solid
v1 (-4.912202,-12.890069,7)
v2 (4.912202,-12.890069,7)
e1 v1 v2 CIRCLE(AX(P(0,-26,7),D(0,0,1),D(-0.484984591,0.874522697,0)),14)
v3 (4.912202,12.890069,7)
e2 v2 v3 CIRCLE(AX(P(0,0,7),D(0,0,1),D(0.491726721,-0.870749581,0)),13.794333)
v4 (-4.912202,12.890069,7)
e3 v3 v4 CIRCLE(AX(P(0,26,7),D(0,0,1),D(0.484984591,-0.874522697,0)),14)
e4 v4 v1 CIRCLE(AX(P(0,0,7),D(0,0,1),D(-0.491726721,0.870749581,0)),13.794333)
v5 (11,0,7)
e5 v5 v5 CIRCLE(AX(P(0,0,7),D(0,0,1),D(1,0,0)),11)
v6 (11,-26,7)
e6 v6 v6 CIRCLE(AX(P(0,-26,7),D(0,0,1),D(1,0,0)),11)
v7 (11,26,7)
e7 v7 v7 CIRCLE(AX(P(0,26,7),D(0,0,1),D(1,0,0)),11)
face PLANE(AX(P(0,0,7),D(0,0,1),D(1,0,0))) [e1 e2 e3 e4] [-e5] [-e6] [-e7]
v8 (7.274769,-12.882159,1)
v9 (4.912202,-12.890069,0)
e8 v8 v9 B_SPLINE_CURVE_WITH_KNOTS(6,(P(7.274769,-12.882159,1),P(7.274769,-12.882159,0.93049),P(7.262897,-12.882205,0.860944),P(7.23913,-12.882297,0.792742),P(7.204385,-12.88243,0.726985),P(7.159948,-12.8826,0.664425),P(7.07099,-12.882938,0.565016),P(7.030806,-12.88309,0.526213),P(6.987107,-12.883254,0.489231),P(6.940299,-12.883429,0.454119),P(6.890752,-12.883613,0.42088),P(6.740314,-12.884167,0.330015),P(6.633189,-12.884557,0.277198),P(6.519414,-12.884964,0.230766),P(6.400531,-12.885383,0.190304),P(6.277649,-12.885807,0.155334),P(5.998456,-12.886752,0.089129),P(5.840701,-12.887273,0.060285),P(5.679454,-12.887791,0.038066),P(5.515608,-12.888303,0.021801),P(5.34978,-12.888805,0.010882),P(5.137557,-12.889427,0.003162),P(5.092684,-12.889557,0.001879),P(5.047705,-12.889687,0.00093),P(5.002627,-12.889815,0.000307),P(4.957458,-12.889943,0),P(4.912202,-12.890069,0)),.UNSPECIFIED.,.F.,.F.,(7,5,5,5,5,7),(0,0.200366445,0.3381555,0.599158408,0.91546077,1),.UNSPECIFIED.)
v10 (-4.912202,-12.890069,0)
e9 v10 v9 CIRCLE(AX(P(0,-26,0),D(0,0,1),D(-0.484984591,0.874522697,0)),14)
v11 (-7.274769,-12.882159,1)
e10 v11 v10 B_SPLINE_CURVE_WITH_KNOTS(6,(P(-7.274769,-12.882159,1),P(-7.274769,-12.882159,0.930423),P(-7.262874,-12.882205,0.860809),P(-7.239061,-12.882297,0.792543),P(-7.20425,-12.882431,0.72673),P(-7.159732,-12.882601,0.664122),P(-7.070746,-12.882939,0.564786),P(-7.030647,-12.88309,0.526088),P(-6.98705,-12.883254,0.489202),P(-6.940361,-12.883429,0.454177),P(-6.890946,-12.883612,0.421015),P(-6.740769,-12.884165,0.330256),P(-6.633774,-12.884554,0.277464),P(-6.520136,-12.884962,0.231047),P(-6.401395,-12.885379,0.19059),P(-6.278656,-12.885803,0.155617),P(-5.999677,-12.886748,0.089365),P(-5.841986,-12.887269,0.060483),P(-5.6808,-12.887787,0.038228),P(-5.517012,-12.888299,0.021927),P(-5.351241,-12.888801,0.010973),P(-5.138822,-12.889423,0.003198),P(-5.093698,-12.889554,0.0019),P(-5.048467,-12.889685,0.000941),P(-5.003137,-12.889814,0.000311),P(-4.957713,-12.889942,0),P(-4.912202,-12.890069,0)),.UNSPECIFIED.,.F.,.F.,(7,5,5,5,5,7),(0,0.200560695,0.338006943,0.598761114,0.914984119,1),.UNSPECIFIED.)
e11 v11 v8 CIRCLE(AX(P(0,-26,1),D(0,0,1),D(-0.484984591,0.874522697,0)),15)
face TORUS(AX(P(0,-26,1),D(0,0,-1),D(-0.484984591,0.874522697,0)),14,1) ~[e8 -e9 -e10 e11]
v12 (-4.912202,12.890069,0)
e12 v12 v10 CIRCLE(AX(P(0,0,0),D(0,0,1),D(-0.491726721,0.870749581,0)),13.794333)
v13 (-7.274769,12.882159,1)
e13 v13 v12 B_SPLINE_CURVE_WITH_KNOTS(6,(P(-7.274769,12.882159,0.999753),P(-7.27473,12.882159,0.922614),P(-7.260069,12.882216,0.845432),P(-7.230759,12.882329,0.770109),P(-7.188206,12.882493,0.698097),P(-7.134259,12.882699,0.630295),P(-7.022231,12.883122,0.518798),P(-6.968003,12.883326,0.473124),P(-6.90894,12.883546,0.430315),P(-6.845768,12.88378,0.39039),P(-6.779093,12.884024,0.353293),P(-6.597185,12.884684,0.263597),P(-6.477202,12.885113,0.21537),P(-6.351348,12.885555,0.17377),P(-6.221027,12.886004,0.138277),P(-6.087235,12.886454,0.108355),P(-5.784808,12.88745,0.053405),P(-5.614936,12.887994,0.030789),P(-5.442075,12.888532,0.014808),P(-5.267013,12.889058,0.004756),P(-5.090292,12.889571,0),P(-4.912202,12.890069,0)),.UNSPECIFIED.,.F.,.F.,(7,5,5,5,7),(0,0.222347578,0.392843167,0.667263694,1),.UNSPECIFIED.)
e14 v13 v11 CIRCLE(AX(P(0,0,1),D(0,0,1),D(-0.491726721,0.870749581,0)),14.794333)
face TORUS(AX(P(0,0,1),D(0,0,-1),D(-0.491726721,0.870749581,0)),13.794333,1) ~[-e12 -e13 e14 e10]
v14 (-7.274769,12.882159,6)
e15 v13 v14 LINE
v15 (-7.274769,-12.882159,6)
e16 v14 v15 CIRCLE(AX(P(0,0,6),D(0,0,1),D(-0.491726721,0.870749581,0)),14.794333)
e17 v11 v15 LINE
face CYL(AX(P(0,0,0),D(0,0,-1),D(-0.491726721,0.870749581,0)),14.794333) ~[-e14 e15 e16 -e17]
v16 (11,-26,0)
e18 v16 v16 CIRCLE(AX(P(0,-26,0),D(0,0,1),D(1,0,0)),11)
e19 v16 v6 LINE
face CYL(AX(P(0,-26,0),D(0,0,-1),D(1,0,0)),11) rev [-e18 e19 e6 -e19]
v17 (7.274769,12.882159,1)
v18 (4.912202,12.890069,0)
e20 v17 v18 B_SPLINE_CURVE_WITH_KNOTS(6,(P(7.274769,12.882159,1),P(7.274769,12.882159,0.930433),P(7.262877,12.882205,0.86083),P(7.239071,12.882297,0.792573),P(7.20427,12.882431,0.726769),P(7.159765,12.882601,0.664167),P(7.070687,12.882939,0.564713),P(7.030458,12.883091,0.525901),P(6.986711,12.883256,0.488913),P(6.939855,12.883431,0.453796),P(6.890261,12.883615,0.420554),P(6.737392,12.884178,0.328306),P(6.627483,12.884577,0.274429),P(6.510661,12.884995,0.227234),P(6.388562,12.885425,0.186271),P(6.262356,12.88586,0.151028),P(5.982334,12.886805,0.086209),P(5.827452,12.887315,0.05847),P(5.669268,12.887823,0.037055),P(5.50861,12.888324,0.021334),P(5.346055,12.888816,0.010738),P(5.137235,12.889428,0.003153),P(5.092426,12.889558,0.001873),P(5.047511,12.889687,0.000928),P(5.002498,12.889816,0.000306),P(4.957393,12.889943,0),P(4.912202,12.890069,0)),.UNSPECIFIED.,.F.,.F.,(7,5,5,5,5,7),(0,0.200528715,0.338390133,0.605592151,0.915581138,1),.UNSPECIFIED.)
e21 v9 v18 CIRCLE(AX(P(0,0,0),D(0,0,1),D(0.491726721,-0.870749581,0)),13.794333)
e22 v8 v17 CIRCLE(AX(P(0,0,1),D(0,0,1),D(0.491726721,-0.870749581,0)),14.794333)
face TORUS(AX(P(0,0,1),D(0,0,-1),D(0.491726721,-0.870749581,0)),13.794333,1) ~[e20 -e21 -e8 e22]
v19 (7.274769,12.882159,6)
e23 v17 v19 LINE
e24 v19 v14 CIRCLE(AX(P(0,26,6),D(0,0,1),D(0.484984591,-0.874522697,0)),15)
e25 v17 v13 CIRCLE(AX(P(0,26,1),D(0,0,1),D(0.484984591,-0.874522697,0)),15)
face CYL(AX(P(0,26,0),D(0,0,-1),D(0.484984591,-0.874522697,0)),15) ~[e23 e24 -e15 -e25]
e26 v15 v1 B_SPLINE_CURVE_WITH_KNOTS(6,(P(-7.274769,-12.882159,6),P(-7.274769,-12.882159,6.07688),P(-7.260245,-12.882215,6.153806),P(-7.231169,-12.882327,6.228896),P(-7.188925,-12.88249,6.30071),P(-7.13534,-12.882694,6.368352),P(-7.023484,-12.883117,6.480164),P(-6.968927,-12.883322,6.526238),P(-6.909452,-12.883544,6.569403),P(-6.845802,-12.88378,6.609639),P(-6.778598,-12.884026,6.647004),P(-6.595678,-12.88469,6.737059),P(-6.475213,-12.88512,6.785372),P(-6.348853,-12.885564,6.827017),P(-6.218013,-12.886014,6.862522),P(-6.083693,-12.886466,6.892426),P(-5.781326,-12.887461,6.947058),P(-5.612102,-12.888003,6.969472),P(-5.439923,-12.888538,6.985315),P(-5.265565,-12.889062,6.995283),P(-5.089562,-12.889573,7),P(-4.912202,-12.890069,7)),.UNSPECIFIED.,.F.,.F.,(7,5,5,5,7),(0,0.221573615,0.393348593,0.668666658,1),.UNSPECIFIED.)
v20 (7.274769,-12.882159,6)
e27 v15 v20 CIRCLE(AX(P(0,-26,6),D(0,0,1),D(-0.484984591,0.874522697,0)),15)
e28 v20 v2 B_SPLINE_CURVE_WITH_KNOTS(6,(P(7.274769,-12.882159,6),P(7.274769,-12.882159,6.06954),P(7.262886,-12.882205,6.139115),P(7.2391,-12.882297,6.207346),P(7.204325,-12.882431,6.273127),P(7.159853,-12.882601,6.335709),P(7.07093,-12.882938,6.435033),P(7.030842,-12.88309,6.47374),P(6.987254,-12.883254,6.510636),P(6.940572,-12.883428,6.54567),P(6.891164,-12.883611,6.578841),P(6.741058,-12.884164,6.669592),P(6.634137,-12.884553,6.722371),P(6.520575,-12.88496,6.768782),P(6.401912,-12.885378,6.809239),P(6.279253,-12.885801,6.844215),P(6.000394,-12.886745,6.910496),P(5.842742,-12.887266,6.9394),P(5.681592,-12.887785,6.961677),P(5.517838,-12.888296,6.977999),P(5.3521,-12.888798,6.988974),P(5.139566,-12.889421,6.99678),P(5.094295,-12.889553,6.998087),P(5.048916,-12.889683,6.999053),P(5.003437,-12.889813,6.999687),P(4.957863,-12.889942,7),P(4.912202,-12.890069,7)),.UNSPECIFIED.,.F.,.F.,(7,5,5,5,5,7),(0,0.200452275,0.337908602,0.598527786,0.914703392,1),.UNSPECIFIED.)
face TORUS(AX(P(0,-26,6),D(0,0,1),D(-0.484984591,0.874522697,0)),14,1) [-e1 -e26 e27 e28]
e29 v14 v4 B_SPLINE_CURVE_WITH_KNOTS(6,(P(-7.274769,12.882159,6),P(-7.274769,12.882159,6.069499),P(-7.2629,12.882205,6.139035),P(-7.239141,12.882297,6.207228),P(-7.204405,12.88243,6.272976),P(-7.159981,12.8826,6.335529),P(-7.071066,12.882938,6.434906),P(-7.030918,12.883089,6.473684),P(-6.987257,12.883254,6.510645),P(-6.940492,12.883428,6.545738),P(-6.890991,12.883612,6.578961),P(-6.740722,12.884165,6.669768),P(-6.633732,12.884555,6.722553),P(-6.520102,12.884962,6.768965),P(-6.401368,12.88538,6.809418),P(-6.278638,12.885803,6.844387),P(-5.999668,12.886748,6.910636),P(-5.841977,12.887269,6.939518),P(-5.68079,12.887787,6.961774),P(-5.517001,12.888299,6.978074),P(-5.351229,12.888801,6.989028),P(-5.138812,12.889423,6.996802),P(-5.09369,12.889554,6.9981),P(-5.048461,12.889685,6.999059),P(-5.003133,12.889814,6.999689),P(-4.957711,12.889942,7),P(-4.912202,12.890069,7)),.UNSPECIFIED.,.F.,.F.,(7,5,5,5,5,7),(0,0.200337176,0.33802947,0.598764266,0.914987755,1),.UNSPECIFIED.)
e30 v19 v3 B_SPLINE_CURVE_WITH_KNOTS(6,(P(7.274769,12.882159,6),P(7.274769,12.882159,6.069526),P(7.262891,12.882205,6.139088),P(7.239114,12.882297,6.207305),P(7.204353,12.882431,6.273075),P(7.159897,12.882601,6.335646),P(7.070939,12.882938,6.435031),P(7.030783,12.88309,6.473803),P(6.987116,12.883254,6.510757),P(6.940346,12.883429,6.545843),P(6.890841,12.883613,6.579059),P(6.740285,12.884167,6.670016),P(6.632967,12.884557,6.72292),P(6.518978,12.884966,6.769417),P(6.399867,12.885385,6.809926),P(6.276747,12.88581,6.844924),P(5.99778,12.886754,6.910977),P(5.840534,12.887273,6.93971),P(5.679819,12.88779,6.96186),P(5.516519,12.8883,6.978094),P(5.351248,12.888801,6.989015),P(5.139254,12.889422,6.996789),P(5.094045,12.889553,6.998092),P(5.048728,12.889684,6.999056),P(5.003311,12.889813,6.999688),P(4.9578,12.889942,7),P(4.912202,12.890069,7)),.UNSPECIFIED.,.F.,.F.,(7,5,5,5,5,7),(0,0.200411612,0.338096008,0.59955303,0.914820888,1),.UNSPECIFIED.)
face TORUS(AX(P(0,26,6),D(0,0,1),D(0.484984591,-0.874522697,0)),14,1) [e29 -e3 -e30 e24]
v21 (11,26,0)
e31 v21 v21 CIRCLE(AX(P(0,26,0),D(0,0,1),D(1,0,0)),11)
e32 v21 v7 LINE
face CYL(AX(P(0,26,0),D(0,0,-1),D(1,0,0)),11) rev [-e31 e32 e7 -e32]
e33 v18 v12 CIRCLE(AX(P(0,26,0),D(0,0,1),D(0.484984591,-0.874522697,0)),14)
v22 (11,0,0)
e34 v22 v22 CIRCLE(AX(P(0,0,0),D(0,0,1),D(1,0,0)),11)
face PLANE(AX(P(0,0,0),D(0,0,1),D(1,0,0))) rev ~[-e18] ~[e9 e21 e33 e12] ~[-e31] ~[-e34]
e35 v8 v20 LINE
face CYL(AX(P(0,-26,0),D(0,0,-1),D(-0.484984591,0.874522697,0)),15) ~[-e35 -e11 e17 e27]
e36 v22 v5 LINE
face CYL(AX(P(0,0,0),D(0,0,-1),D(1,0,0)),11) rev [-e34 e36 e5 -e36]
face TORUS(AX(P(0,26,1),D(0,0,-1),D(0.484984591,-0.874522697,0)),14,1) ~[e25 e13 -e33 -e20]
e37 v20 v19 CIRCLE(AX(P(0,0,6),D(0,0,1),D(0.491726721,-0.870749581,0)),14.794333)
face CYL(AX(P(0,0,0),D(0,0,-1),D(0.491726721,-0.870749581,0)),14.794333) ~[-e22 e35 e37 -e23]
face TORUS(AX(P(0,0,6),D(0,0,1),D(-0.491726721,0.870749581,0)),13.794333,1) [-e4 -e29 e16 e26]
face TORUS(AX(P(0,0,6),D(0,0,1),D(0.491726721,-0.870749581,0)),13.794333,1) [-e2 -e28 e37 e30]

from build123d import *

# Parameters (mm, degrees)
F0_R     = 11
F1_DEPTH = 7
F2_R     = 1


with BuildPart() as f1:
    # F0 (on Top) → F1 (new body)
    with BuildSketch(Plane.XY):
        with BuildLine():
            ThreePointArc((7.274769, -12.882159), (14.794333, 0), (7.274769, 12.882159))
            ThreePointArc((7.274769, 12.882159), (0, 41), (-7.274769, 12.882159))
            ThreePointArc((-7.274769, 12.882159), (-14.794333, 0), (-7.274769, -12.882159))
            ThreePointArc((-7.274769, -12.882159), (0, -41), (7.274769, -12.882159))
        make_face()
        with Locations((0, -26)):
            Circle(F0_R, mode=Mode.SUBTRACT)
        Circle(F0_R, mode=Mode.SUBTRACT)
        with Locations((0, 26)):
            Circle(F0_R, mode=Mode.SUBTRACT)
    extrude(amount=F1_DEPTH)

    # F2
    f2_edges = [f1.edges().sort_by_distance(p)[0] for p in [
        (0, -41, 7),
        (14.794333, 0, 7),
        (0, 41, 7),
        (-14.794333, 0, 7),
        (0, 41, 0),
        (14.794333, 0, 0),
        (0, -41, 0),
        (-14.794333, 0, 0),
    ]]
    fillet(f2_edges, radius=F2_R)


solid = f1.part
